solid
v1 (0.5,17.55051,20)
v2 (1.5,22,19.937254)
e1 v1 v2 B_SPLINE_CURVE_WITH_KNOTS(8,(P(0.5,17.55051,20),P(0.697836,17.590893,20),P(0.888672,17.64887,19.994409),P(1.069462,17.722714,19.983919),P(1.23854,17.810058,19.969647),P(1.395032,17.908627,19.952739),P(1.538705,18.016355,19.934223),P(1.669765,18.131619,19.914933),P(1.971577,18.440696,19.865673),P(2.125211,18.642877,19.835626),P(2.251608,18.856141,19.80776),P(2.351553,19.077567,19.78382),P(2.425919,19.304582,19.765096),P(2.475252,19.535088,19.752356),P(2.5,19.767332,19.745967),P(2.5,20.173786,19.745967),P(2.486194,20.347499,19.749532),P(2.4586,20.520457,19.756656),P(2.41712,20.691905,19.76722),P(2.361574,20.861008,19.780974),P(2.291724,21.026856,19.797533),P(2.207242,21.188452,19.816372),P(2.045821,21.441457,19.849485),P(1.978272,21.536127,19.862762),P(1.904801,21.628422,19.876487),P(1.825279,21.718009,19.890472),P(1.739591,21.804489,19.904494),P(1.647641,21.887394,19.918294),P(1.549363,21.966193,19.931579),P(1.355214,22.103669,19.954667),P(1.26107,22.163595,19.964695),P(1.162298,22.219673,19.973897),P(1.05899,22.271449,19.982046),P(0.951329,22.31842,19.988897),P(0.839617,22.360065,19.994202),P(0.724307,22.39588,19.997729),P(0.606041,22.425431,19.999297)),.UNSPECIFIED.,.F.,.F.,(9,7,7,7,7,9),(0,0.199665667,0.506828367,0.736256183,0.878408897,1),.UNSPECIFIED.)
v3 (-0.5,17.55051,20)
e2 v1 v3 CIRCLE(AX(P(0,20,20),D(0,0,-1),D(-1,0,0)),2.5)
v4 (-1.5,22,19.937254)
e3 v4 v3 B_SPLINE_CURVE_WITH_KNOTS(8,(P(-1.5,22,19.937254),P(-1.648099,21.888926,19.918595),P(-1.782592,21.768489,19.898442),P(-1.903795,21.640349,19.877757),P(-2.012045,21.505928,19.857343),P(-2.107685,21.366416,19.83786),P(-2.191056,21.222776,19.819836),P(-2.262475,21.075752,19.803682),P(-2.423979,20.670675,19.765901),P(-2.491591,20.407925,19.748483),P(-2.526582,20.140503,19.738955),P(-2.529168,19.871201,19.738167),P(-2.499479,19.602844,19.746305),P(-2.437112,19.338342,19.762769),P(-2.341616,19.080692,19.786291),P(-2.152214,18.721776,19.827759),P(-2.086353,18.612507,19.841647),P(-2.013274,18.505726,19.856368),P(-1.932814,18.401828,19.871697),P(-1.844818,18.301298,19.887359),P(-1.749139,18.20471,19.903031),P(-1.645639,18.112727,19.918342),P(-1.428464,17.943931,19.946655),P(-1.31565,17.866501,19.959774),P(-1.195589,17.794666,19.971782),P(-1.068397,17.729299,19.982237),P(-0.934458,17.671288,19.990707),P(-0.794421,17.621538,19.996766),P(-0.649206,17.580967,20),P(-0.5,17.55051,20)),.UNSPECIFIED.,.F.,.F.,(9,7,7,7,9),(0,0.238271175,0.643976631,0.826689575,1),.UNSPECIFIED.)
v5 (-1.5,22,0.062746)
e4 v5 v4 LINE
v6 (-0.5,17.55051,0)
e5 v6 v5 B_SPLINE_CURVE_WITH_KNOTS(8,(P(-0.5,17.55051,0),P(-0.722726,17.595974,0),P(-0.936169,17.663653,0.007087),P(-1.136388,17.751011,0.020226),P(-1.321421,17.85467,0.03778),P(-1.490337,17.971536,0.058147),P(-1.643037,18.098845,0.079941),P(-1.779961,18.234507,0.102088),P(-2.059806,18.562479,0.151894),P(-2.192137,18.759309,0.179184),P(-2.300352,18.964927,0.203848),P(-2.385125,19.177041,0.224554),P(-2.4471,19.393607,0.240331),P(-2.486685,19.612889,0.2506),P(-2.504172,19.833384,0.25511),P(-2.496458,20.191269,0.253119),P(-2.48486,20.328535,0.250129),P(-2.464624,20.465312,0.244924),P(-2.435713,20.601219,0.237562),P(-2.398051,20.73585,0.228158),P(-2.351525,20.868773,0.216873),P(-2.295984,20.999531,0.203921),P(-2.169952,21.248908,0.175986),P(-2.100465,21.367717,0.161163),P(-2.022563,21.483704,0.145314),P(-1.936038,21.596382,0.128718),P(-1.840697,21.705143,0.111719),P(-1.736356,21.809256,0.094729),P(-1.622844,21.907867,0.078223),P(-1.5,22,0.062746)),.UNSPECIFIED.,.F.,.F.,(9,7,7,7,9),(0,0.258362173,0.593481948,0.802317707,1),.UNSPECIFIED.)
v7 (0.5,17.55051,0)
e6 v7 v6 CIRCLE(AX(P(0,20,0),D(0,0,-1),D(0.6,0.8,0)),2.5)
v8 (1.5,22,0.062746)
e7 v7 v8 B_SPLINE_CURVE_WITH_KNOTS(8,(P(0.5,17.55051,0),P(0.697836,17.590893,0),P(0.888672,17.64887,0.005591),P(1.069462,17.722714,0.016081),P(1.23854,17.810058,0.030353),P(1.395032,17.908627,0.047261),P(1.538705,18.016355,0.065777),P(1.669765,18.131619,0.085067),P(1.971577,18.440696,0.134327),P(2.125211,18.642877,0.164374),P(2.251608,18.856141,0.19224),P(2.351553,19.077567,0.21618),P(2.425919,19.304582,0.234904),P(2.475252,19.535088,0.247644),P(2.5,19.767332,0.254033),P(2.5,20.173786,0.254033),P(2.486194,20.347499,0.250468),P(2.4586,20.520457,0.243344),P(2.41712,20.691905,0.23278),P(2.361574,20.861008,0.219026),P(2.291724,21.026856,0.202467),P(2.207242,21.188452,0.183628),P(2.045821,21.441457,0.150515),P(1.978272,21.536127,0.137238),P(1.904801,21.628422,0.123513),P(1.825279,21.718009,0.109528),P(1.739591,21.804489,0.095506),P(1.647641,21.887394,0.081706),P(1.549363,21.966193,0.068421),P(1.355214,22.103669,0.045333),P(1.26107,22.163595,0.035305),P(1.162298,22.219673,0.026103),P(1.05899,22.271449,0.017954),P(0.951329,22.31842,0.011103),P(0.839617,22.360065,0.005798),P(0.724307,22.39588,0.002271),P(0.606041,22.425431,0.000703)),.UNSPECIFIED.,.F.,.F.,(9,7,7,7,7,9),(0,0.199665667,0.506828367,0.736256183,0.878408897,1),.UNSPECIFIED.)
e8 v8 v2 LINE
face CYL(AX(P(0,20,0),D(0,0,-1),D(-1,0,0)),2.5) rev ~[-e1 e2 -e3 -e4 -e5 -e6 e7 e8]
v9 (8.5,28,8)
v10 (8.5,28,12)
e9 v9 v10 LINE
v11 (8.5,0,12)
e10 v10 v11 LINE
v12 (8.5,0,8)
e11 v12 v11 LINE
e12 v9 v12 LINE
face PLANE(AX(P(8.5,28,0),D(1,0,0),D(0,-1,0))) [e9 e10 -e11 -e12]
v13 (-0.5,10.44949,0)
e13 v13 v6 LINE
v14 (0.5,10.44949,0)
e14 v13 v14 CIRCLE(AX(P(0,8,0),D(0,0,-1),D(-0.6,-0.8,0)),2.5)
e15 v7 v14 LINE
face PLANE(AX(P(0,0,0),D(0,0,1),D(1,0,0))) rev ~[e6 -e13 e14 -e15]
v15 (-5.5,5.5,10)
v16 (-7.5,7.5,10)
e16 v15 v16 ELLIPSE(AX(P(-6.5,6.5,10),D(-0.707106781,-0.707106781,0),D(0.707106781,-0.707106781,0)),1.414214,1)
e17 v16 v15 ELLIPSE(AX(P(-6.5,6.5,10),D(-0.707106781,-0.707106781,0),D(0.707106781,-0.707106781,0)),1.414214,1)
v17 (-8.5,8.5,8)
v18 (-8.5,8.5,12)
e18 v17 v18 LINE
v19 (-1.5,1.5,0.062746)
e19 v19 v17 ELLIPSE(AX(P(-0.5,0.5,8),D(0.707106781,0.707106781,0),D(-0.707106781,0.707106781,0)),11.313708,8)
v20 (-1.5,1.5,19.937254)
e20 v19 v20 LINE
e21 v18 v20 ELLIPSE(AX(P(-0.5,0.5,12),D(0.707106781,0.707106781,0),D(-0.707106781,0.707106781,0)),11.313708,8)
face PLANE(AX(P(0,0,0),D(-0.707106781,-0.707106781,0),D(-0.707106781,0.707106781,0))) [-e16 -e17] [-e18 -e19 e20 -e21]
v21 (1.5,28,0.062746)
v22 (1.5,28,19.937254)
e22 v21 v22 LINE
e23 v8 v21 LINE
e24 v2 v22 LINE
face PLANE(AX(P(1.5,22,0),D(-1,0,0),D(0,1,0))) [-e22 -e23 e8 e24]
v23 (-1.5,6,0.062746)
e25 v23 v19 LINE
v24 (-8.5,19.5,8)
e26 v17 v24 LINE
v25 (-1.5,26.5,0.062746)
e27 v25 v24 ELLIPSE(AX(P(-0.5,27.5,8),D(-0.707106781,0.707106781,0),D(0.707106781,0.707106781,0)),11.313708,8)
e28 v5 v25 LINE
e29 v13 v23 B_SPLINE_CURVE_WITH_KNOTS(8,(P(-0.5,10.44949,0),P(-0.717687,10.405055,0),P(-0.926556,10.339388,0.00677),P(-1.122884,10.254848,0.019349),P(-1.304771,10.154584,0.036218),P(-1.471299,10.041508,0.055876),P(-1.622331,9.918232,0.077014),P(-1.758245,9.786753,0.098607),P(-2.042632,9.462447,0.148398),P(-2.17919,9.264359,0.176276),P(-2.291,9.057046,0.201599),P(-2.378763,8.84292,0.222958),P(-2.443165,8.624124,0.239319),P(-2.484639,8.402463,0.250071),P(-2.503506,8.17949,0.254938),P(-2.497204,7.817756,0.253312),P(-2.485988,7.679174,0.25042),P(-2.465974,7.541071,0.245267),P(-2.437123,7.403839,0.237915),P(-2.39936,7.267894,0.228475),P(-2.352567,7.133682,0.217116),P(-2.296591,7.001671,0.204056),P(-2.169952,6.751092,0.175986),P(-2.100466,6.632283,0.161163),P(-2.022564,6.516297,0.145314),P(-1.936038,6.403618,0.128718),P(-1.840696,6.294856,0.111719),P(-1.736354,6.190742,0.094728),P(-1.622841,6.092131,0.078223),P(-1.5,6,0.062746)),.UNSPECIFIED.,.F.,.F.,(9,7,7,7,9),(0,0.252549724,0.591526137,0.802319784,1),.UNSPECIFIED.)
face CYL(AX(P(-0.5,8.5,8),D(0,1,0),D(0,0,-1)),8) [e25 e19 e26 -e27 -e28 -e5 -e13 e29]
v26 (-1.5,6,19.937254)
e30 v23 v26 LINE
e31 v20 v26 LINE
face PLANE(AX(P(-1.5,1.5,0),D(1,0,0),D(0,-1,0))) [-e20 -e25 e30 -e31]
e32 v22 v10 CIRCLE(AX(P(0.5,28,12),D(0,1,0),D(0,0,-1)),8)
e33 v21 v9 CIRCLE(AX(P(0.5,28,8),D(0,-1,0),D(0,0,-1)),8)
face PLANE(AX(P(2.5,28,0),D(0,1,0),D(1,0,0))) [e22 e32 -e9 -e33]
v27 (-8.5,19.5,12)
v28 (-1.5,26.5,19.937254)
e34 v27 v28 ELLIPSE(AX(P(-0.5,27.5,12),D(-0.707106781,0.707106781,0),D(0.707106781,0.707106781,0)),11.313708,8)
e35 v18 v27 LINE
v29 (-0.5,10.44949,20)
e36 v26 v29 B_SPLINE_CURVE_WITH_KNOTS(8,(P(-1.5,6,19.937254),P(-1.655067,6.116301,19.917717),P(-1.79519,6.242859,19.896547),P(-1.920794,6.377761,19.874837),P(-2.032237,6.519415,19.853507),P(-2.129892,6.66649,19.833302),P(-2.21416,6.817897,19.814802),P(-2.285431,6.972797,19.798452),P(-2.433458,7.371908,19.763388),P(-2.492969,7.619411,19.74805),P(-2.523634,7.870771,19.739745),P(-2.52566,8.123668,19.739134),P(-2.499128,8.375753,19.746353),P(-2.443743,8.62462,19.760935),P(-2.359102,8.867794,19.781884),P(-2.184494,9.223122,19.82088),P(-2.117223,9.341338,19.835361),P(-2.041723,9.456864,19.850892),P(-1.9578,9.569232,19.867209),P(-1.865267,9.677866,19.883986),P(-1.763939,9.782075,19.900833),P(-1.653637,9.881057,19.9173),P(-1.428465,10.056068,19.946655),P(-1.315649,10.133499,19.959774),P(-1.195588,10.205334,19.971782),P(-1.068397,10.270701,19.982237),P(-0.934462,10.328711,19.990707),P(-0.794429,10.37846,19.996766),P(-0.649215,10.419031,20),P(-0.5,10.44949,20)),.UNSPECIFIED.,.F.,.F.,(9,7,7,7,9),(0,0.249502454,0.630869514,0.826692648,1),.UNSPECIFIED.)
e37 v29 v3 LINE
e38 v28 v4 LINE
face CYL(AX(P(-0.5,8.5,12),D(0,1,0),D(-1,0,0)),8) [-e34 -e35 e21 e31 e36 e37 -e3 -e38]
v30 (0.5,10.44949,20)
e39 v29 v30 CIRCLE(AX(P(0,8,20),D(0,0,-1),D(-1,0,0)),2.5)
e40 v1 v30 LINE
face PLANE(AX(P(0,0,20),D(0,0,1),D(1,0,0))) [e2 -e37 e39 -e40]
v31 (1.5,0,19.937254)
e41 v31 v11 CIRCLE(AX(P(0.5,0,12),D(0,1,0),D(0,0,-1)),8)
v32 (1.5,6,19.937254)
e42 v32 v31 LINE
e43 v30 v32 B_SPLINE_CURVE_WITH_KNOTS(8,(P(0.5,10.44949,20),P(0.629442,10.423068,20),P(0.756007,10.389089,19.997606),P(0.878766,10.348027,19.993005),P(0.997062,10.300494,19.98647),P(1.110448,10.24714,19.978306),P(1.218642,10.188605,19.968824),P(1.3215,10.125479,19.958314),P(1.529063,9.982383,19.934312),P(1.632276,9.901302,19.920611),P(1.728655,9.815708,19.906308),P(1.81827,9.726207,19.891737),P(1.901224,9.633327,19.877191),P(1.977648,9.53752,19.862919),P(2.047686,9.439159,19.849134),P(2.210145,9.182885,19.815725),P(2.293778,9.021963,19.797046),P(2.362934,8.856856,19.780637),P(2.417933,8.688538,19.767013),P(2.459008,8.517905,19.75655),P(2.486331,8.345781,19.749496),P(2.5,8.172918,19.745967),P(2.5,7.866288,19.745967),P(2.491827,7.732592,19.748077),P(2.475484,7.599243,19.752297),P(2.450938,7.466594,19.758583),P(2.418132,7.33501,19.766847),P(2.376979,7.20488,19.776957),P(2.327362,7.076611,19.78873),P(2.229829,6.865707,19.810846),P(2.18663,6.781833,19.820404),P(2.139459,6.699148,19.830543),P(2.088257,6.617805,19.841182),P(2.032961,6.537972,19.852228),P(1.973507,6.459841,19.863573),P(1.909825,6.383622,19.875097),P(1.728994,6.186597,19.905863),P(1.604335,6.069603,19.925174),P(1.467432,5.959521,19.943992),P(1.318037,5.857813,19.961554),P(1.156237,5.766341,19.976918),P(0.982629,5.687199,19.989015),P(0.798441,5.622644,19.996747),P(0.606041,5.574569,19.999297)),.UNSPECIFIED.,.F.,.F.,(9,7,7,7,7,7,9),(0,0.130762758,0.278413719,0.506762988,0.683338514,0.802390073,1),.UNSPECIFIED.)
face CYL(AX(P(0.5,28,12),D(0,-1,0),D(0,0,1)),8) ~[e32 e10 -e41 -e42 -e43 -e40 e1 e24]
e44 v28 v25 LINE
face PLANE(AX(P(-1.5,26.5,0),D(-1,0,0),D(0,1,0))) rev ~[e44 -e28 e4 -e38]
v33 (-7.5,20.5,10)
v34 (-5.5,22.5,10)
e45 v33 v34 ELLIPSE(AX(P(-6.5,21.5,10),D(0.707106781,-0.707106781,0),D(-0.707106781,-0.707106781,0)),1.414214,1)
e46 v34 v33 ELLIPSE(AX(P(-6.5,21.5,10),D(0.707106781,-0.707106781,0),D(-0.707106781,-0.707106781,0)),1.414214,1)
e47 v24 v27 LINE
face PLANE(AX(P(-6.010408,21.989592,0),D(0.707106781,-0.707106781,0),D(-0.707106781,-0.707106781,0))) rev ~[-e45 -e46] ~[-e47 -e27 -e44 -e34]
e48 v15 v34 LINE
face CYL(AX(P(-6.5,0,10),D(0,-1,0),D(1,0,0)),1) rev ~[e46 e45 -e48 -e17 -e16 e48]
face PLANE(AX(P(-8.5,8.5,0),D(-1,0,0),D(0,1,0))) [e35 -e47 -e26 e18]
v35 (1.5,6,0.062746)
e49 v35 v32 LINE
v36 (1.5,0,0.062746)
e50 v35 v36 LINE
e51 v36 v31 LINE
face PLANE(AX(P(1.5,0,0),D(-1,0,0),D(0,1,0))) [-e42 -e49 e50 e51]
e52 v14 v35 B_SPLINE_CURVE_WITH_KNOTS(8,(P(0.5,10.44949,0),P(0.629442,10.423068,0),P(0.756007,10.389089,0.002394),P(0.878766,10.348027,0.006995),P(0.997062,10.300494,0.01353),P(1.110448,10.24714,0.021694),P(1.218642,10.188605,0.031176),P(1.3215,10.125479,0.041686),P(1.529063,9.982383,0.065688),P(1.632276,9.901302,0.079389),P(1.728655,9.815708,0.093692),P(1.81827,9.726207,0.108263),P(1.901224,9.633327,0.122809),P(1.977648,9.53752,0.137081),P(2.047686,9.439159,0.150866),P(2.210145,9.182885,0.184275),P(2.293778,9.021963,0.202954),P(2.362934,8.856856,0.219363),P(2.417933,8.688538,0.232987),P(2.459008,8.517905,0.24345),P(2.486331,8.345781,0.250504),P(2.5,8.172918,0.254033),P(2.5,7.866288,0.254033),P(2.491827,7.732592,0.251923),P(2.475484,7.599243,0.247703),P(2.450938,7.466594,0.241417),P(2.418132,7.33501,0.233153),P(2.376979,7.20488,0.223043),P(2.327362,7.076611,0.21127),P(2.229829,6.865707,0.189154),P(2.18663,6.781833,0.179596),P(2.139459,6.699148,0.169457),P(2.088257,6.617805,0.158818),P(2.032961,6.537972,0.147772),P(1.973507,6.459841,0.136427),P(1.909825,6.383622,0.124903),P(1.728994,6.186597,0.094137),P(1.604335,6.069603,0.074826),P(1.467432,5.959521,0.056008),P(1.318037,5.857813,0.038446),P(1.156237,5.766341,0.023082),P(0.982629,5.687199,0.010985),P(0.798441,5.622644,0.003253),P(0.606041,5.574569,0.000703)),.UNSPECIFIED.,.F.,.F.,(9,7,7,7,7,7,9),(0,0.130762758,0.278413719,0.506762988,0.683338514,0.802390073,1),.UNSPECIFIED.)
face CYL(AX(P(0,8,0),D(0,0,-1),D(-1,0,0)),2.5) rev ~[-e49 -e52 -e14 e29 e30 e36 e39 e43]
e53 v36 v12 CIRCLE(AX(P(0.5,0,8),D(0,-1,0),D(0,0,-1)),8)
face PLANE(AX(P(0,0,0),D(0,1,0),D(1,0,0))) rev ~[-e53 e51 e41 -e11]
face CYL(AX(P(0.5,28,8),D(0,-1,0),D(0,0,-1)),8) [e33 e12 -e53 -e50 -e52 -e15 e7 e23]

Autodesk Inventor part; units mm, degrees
ref_plane "YZ Plane" through (0, 0, 0) normal (1, 0, 0) x (0, 1, 0)
ref_plane "XZ Plane" through (0, 0, 0) normal (0, 1, 0) x (-1, 0, 0)
ref_plane "XY Plane" through (0, 0, 0) normal (0, 0, 1) x (1, 0, 0)
sketch "Sketch1" plane through (0, 0, 0) normal (0, 0, 1) x (1, 0, 0)
  line L0 (0, 0) -> (2.5, 0)
  line L1 (2.5, 0) -> (2.5, 28)
  line L2 (2.5, 28) -> (-2.5, 28)
  line L3 (-2.5, 28) -> (-2.5, 0)
  circle A0 centre (0, 0) radius 8.5
  line L4 (0, 28) -> (8.5, 28) construction
  circle A1 centre (0, 28) radius 8.5
  line L5 (-8.5, 0) -> (-8.5, 28)
  line L6 (8.5, 28) -> (8.5, 0)
  line L7 (0, 28) -> (8.5, 28)
  line L8 (0, 28) -> (-8.5, 19.5)
  line L9 (0, 28) -> (12.0208, 28) construction
  line L10 (0, 0) -> (8.5, 0)
  line L11 (0, 0) -> (-8.5, 8.5)
  line L12 (0, 0) -> (12.0208, 0) construction
  dimension "d9" = 17
  dimension "d1" = 2.5
  dimension "d2" = 28
  dimension "d3" = 5
  dimension "d5" = 17
  dimension "d10" = 2.5
  dimension "d11" = 0
  dimension "d12" = 135
  dimension "d13" = 135
extrude "Extrusion1" add sketch "Sketch1" along normal blind 20 contours L11 L3 A0 L1 L0 | L1 A0 L10 | L11 A0 L3 | A0 L3 A1 L1 | L1 A1 L6 A0 | A0 L11 L5 L8 A1 L3 | A1 L3 L8 L2 L1 | L1 L7 A1 | A1 L8 L3
sketch "Sketch2" plane through (0, 0, 0) normal (0, 0, -1) x (-1, 0, 0)
  line L0 (0, 0) -> (-8.5, 0) projected
  line L1 (0, 0) -> (0, 8)
  circle A0 centre (0, 8) radius 2.5
  line L2 (8.5, 8.5) -> (0, 0) projected
  line L3 (0, 0) -> (-1.5, 0)
  line L4 (-1.5, 0) -> (-1.5, 8)
  line L5 (-1.5, 8) -> (1.5, 8)
  line L6 (1.5, 8) -> (1.5, 0)
  line L7 (1.5, 0) -> (0, 0)
  line L8 (0, 28) -> (8.5, 19.5) projected
  line L9 (0, 28) -> (0, 20)
  line L10 (0, 20) -> (-1.5, 20)
  line L11 (-1.5, 20) -> (-1.5, 28)
  line L12 (-8.5, 28) -> (0, 28) projected
  line L13 (0, 20) -> (1.5, 20)
  line L14 (1.5, 20) -> (1.5, 28)
  line L15 (1.5, 28) -> (0, 28)
  circle A1 centre (0, 20) radius 2.5
  point P0 (1.5, 45)
  point P1 (-1.5, 22)
  point P2 (1.5, 22)
  point P3 (-1.5, 6)
  point P4 (1.5, 6)
  dimension "d16" = 8
  dimension "d17" = 5
  dimension "d18" = 1.5
  dimension "d19" = 3
  dimension "d20" = 8
  dimension "d21" = 1.5
  dimension "d22" = 1.5
  dimension "d23" = 5
extrude "Extrusion2" cut sketch "Sketch2" against normal through all
fillet "Fillet1" radius 8 4 edges at (8.5, 14, 0) (8.5, 14, 20) (-8.5, 14, 0) (-8.5, 14, 20)
sketch "Sketch4" plane through (1.5, 0, 0.0627) normal (0, -1, 0) x (1, 0, 0)
  line L0 (-10, 7.9373) -> (-10, 11.9373) projected
  line L1 (-10, 9.9373) -> (-8, 9.9373)
  circle A0 centre (-8, 9.9373) radius 1
  point P0 (-1.5, -0.0627)
  dimension "d31" = 2
  dimension "d32" = 2
extrude "Extrusion4" cut sketch "Sketch4" against normal through all
properties part number "ring_f2"
